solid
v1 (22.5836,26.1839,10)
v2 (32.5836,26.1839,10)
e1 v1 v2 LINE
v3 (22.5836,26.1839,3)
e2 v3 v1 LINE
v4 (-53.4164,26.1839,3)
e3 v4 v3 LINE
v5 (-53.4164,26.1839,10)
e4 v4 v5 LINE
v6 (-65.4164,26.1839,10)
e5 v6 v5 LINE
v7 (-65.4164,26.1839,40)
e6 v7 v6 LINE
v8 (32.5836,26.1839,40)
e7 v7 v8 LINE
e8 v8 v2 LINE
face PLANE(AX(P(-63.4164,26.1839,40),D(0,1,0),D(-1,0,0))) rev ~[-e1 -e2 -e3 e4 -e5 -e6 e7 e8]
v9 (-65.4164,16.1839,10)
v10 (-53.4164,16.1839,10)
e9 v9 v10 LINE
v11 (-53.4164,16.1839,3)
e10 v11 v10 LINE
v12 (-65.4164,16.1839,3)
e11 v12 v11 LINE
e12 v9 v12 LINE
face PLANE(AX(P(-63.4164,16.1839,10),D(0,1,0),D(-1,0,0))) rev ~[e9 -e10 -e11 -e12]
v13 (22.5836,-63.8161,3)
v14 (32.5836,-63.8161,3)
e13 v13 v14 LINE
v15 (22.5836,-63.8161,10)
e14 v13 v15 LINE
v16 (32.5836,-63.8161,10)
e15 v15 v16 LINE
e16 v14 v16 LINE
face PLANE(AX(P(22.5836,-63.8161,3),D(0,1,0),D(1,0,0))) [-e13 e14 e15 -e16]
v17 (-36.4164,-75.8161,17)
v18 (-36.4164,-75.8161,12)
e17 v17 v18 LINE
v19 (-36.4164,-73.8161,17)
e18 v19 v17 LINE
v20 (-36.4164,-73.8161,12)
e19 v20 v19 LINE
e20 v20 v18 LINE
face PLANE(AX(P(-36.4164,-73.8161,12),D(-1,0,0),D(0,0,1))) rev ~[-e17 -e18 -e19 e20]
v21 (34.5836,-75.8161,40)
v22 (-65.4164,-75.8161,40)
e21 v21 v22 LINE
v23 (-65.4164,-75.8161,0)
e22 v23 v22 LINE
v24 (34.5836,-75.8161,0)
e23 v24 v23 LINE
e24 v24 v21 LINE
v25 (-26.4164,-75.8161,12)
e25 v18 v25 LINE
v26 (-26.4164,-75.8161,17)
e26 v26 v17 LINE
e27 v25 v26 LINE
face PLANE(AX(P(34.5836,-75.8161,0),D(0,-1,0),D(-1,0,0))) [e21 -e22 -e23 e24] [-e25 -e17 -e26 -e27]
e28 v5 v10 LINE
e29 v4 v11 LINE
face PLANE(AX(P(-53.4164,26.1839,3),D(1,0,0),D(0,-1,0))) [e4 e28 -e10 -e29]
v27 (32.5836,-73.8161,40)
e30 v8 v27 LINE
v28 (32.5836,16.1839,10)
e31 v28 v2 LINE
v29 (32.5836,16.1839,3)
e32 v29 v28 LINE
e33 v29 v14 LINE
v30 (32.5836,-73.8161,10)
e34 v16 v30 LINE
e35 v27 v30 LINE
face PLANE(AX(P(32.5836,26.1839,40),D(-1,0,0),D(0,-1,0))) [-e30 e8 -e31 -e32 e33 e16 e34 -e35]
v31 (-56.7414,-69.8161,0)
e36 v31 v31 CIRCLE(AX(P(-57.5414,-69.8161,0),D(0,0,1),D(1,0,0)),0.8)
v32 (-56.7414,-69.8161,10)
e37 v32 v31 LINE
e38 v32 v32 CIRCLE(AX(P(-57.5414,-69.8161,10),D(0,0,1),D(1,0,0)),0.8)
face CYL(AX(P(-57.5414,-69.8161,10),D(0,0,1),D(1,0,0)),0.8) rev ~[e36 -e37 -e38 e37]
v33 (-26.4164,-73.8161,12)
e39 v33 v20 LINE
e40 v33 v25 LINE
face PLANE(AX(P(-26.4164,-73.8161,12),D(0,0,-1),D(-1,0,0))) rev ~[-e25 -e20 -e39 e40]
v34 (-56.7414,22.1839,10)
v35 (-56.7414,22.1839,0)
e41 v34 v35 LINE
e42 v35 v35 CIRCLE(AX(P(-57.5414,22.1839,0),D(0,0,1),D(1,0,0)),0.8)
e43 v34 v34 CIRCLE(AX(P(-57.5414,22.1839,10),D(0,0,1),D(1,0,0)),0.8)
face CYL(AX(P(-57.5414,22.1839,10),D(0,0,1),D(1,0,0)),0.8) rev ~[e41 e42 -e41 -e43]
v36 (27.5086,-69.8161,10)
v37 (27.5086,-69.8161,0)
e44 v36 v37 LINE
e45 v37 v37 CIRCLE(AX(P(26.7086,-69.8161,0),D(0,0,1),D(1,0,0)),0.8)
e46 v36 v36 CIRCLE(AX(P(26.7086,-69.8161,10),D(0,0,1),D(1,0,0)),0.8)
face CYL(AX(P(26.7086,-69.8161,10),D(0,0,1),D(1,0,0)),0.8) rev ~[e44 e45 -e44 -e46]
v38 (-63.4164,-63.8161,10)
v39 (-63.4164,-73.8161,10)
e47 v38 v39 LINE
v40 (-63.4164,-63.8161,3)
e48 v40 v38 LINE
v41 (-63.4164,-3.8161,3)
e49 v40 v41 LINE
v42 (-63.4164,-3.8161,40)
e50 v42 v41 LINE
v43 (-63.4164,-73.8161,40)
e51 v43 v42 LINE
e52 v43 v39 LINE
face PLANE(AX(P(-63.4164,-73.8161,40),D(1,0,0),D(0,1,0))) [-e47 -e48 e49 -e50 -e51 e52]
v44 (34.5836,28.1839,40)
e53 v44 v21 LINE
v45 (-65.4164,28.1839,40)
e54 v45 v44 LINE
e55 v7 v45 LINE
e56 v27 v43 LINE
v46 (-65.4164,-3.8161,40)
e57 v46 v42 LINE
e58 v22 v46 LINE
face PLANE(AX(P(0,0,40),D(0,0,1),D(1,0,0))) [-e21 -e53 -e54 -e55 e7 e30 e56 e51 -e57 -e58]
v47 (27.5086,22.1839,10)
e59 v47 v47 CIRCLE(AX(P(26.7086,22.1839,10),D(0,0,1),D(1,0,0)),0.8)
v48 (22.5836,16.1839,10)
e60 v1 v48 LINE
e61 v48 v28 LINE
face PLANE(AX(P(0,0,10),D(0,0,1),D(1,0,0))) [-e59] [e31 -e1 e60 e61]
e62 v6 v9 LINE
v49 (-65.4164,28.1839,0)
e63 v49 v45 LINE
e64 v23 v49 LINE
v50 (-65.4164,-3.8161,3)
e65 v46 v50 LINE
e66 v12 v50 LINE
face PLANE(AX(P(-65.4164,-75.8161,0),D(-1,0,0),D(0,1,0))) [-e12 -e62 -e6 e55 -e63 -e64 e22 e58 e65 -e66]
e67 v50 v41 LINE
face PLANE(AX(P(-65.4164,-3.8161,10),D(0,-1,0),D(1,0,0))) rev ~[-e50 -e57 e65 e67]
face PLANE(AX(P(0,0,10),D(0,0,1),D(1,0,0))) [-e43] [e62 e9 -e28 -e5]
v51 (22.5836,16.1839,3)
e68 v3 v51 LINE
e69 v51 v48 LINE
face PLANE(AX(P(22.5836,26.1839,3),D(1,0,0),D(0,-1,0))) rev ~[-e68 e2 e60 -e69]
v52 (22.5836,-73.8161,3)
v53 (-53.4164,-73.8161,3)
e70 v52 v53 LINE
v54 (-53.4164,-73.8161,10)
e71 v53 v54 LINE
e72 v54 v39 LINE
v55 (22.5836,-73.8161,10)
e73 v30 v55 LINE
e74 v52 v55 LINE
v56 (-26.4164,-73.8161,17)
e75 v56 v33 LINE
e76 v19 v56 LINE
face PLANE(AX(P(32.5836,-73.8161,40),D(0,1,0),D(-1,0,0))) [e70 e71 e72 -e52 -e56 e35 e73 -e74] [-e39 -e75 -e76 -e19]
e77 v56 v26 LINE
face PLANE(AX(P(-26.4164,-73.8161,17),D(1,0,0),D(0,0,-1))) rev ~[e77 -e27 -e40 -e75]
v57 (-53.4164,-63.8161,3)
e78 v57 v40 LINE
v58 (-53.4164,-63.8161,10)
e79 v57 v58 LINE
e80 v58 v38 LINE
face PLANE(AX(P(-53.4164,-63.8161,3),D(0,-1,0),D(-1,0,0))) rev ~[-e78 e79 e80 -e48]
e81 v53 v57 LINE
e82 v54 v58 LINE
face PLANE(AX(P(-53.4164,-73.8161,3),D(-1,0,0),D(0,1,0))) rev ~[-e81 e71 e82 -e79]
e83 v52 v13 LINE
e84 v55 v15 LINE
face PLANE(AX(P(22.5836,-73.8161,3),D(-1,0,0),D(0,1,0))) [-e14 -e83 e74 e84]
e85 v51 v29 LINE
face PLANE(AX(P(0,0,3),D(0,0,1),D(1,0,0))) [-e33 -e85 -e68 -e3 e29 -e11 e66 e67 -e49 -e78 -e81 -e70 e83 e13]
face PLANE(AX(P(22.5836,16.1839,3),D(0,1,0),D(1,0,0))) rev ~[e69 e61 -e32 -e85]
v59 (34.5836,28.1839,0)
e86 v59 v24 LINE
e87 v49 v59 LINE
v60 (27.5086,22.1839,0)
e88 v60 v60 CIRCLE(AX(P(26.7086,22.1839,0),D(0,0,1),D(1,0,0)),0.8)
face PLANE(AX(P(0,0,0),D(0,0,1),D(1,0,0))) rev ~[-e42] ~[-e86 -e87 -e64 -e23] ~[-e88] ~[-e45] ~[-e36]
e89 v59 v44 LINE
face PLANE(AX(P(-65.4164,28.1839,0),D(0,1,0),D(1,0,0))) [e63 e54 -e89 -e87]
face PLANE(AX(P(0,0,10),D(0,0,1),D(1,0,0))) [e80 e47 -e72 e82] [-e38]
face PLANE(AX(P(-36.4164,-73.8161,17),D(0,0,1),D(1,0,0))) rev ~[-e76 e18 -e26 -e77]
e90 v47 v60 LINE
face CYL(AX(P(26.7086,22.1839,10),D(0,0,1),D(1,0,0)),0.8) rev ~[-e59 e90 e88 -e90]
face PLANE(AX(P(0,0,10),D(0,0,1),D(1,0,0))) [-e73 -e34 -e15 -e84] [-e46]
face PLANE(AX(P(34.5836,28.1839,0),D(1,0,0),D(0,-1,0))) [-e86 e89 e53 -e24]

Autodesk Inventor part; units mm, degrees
ref_plane "YZ Plane" through (0, 0, 0) normal (1, 0, 0) x (0, 1, 0)
ref_plane "XZ Plane" through (0, 0, 0) normal (0, 1, 0) x (-1, 0, 0)
ref_plane "XY Plane" through (0, 0, 0) normal (0, 0, 1) x (1, 0, 0)
sketch "Sketch1" plane through (0, 0, 0) normal (0, 0, 1) x (1, 0, 0)
  line L0 (-65.4164, 28.1839) -> (34.5836, 28.1839)
  line L1 (34.5836, 28.1839) -> (34.5836, -75.8161)
  line L2 (34.5836, -75.8161) -> (-65.4164, -75.8161)
  line L3 (-65.4164, -75.8161) -> (-65.4164, 28.1839)
  point P0 (0, 0)
  dimension "d0" = 100
  dimension "d1" = 104
extrude "Extrusion1" add sketch "Sketch1" along normal blind 40
sketch "Sketch2" plane through (0, 0, 40) normal (0, 0, 1) x (1, 0, 0)
  line L0 (-63.4164, 26.1839) -> (32.5836, 26.1839)
  line L1 (32.5836, 26.1839) -> (32.5836, -73.8161)
  line L2 (32.5836, -73.8161) -> (-63.4164, -73.8161)
  line L3 (-63.4164, -73.8161) -> (-63.4164, 26.1839)
  line L4 (34.5836, 28.1839) -> (-65.4164, 28.1839) projected
  line L5 (34.5836, -75.8161) -> (34.5836, 28.1839) projected
  line L6 (-65.4164, 28.1839) -> (-65.4164, -75.8161) projected
  line L7 (-65.4164, -75.8161) -> (34.5836, -75.8161) projected
  point P0 (0, 0)
  dimension "d4" = 2
  dimension "d5" = 2
  dimension "d6" = 2
  dimension "d7" = 2
extrude "Extrusion2" cut sketch "Sketch2" against normal blind 37 contours L0 L1 L2 L3
sketch "Sketch3" plane through (0, 0, 3) normal (0, 0, 1) x (1, 0, 0)
  line L0 (-63.4164, 26.1839) -> (32.5836, 26.1839) projected
  line L1 (-63.4164, 26.1839) -> (-53.4164, 26.1839)
  line L2 (-53.4164, 26.1839) -> (-53.4164, 16.1839)
  line L3 (-53.4164, 16.1839) -> (-63.4164, 16.1839)
  line L4 (-63.4164, 16.1839) -> (-63.4164, 26.1839)
  line L5 (32.5836, 26.1839) -> (22.5836, 26.1839)
  line L6 (22.5836, 26.1839) -> (22.5836, 16.1839)
  line L7 (22.5836, 16.1839) -> (32.5836, 16.1839)
  line L8 (32.5836, 16.1839) -> (32.5836, 26.1839)
  line L9 (32.5836, -73.8161) -> (-63.4164, -73.8161) projected
  line L10 (-63.4164, -73.8161) -> (-53.4164, -73.8161)
  line L11 (-53.4164, -73.8161) -> (-53.4164, -63.8161)
  line L12 (-53.4164, -63.8161) -> (-63.4164, -63.8161)
  line L13 (-63.4164, -63.8161) -> (-63.4164, -73.8161)
  line L14 (32.5836, -73.8161) -> (22.5836, -73.8161)
  line L15 (22.5836, -73.8161) -> (22.5836, -63.8161)
  line L16 (22.5836, -63.8161) -> (32.5836, -63.8161)
  line L17 (32.5836, -63.8161) -> (32.5836, -73.8161)
  point P0 (0, 0)
  dimension "d10" = 10
  dimension "d11" = 10
  dimension "d12" = 10
  dimension "d13" = 10
  dimension "d14" = 10
  dimension "d15" = 10
  dimension "d16" = 10
  dimension "d17" = 10
extrude "Extrusion3" add sketch "Sketch3" along normal blind 7
sketch "Sketch4" plane through (0, 0, 40) normal (0, 0, 1) x (1, 0, 0)
  line L0 (-65.4164, 28.1839) -> (-65.4164, -75.8161) projected
  line L1 (-63.4164, 26.1839) -> (-65.4164, 26.1839)
  line L2 (-65.4164, 26.1839) -> (-65.4164, -3.8161)
  line L3 (-65.4164, -3.8161) -> (-63.4164, -3.8161)
  line L4 (-63.4164, -3.8161) -> (-63.4164, 26.1839)
  point P0 (0, 0)
  dimension "d20" = 30
extrude "Extrusion4" cut sketch "Sketch4" against normal up to surface (30 mm away)
sketch "Sketch5" plane through (0, 0, 10) normal (0, 0, 1) x (1, 0, 0)
  line L0 (-53.4164, 16.1839) -> (-63.4164, 16.1839) projected
  line L1 (-65.4164, 28.1839) -> (-65.4164, -75.8161) projected
  line L2 (-63.4164, 16.1839) -> (-65.4164, 16.1839)
  line L3 (-65.4164, 16.1839) -> (-65.4164, -3.8161)
  line L4 (-65.4164, -3.8161) -> (-63.4164, -3.8161)
  line L5 (-63.4164, -3.8161) -> (-63.4164, 16.1839)
  point P0 (0, 0)
  dimension "d23" = 20
extrude "Extrusion5" cut sketch "Sketch5" against normal up to surface (7 mm away)
sketch "Sketch6" plane through (0, 0, 10) normal (0, 0, 1) x (1, 0, 0)
  circle A0 centre (-57.5414, 22.1839) radius 0.8
  circle A1 centre (26.7086, 22.1839) radius 0.8
  circle A2 centre (26.7086, -69.8161) radius 0.8
  circle A3 centre (-57.5414, -69.8161) radius 0.8
  line L0 (32.5836, -73.8161) -> (-63.4164, -73.8161) projected
  line L1 (32.5836, 26.1839) -> (32.5836, -73.8161) projected
  line L2 (-63.4164, -73.8161) -> (-63.4164, -3.8161) projected
  line L3 (-65.4164, 26.1839) -> (32.5836, 26.1839) projected
  point P0 (0, 0)
  dimension "d26" = 1.6
  dimension "d27" = 1.6
  dimension "d28" = 1.6
  dimension "d29" = 1.6
  dimension "d30" = 4
  dimension "d31" = 5.875
  dimension "d32" = 4
  dimension "d33" = 5.875
  dimension "d34" = 5.875
  dimension "d35" = 5.875
  dimension "d36" = 4
  dimension "d37" = 4
extrude "Extrusion6" cut sketch "Sketch6" against normal through all
sketch "Sketch7" plane through (-63.4164, -73.8161, 40) normal (0, 1, 0) x (1, 0, 0)
  line L0 (27, 23) -> (37, 23)
  line L1 (37, 23) -> (37, 28)
  line L2 (37, 28) -> (27, 28)
  line L3 (27, 28) -> (27, 23)
  line L4 (0, 0) -> (0, 30) projected
  line L5 (86, 37) -> (10, 37) projected
  point P0 (63.4164, 40)
  dimension "d40" = 10
  dimension "d41" = 5
  dimension "d42" = 27
  dimension "d43" = 9
extrude "Extrusion7" cut sketch "Sketch7" against normal through all
properties part number "e_box"
